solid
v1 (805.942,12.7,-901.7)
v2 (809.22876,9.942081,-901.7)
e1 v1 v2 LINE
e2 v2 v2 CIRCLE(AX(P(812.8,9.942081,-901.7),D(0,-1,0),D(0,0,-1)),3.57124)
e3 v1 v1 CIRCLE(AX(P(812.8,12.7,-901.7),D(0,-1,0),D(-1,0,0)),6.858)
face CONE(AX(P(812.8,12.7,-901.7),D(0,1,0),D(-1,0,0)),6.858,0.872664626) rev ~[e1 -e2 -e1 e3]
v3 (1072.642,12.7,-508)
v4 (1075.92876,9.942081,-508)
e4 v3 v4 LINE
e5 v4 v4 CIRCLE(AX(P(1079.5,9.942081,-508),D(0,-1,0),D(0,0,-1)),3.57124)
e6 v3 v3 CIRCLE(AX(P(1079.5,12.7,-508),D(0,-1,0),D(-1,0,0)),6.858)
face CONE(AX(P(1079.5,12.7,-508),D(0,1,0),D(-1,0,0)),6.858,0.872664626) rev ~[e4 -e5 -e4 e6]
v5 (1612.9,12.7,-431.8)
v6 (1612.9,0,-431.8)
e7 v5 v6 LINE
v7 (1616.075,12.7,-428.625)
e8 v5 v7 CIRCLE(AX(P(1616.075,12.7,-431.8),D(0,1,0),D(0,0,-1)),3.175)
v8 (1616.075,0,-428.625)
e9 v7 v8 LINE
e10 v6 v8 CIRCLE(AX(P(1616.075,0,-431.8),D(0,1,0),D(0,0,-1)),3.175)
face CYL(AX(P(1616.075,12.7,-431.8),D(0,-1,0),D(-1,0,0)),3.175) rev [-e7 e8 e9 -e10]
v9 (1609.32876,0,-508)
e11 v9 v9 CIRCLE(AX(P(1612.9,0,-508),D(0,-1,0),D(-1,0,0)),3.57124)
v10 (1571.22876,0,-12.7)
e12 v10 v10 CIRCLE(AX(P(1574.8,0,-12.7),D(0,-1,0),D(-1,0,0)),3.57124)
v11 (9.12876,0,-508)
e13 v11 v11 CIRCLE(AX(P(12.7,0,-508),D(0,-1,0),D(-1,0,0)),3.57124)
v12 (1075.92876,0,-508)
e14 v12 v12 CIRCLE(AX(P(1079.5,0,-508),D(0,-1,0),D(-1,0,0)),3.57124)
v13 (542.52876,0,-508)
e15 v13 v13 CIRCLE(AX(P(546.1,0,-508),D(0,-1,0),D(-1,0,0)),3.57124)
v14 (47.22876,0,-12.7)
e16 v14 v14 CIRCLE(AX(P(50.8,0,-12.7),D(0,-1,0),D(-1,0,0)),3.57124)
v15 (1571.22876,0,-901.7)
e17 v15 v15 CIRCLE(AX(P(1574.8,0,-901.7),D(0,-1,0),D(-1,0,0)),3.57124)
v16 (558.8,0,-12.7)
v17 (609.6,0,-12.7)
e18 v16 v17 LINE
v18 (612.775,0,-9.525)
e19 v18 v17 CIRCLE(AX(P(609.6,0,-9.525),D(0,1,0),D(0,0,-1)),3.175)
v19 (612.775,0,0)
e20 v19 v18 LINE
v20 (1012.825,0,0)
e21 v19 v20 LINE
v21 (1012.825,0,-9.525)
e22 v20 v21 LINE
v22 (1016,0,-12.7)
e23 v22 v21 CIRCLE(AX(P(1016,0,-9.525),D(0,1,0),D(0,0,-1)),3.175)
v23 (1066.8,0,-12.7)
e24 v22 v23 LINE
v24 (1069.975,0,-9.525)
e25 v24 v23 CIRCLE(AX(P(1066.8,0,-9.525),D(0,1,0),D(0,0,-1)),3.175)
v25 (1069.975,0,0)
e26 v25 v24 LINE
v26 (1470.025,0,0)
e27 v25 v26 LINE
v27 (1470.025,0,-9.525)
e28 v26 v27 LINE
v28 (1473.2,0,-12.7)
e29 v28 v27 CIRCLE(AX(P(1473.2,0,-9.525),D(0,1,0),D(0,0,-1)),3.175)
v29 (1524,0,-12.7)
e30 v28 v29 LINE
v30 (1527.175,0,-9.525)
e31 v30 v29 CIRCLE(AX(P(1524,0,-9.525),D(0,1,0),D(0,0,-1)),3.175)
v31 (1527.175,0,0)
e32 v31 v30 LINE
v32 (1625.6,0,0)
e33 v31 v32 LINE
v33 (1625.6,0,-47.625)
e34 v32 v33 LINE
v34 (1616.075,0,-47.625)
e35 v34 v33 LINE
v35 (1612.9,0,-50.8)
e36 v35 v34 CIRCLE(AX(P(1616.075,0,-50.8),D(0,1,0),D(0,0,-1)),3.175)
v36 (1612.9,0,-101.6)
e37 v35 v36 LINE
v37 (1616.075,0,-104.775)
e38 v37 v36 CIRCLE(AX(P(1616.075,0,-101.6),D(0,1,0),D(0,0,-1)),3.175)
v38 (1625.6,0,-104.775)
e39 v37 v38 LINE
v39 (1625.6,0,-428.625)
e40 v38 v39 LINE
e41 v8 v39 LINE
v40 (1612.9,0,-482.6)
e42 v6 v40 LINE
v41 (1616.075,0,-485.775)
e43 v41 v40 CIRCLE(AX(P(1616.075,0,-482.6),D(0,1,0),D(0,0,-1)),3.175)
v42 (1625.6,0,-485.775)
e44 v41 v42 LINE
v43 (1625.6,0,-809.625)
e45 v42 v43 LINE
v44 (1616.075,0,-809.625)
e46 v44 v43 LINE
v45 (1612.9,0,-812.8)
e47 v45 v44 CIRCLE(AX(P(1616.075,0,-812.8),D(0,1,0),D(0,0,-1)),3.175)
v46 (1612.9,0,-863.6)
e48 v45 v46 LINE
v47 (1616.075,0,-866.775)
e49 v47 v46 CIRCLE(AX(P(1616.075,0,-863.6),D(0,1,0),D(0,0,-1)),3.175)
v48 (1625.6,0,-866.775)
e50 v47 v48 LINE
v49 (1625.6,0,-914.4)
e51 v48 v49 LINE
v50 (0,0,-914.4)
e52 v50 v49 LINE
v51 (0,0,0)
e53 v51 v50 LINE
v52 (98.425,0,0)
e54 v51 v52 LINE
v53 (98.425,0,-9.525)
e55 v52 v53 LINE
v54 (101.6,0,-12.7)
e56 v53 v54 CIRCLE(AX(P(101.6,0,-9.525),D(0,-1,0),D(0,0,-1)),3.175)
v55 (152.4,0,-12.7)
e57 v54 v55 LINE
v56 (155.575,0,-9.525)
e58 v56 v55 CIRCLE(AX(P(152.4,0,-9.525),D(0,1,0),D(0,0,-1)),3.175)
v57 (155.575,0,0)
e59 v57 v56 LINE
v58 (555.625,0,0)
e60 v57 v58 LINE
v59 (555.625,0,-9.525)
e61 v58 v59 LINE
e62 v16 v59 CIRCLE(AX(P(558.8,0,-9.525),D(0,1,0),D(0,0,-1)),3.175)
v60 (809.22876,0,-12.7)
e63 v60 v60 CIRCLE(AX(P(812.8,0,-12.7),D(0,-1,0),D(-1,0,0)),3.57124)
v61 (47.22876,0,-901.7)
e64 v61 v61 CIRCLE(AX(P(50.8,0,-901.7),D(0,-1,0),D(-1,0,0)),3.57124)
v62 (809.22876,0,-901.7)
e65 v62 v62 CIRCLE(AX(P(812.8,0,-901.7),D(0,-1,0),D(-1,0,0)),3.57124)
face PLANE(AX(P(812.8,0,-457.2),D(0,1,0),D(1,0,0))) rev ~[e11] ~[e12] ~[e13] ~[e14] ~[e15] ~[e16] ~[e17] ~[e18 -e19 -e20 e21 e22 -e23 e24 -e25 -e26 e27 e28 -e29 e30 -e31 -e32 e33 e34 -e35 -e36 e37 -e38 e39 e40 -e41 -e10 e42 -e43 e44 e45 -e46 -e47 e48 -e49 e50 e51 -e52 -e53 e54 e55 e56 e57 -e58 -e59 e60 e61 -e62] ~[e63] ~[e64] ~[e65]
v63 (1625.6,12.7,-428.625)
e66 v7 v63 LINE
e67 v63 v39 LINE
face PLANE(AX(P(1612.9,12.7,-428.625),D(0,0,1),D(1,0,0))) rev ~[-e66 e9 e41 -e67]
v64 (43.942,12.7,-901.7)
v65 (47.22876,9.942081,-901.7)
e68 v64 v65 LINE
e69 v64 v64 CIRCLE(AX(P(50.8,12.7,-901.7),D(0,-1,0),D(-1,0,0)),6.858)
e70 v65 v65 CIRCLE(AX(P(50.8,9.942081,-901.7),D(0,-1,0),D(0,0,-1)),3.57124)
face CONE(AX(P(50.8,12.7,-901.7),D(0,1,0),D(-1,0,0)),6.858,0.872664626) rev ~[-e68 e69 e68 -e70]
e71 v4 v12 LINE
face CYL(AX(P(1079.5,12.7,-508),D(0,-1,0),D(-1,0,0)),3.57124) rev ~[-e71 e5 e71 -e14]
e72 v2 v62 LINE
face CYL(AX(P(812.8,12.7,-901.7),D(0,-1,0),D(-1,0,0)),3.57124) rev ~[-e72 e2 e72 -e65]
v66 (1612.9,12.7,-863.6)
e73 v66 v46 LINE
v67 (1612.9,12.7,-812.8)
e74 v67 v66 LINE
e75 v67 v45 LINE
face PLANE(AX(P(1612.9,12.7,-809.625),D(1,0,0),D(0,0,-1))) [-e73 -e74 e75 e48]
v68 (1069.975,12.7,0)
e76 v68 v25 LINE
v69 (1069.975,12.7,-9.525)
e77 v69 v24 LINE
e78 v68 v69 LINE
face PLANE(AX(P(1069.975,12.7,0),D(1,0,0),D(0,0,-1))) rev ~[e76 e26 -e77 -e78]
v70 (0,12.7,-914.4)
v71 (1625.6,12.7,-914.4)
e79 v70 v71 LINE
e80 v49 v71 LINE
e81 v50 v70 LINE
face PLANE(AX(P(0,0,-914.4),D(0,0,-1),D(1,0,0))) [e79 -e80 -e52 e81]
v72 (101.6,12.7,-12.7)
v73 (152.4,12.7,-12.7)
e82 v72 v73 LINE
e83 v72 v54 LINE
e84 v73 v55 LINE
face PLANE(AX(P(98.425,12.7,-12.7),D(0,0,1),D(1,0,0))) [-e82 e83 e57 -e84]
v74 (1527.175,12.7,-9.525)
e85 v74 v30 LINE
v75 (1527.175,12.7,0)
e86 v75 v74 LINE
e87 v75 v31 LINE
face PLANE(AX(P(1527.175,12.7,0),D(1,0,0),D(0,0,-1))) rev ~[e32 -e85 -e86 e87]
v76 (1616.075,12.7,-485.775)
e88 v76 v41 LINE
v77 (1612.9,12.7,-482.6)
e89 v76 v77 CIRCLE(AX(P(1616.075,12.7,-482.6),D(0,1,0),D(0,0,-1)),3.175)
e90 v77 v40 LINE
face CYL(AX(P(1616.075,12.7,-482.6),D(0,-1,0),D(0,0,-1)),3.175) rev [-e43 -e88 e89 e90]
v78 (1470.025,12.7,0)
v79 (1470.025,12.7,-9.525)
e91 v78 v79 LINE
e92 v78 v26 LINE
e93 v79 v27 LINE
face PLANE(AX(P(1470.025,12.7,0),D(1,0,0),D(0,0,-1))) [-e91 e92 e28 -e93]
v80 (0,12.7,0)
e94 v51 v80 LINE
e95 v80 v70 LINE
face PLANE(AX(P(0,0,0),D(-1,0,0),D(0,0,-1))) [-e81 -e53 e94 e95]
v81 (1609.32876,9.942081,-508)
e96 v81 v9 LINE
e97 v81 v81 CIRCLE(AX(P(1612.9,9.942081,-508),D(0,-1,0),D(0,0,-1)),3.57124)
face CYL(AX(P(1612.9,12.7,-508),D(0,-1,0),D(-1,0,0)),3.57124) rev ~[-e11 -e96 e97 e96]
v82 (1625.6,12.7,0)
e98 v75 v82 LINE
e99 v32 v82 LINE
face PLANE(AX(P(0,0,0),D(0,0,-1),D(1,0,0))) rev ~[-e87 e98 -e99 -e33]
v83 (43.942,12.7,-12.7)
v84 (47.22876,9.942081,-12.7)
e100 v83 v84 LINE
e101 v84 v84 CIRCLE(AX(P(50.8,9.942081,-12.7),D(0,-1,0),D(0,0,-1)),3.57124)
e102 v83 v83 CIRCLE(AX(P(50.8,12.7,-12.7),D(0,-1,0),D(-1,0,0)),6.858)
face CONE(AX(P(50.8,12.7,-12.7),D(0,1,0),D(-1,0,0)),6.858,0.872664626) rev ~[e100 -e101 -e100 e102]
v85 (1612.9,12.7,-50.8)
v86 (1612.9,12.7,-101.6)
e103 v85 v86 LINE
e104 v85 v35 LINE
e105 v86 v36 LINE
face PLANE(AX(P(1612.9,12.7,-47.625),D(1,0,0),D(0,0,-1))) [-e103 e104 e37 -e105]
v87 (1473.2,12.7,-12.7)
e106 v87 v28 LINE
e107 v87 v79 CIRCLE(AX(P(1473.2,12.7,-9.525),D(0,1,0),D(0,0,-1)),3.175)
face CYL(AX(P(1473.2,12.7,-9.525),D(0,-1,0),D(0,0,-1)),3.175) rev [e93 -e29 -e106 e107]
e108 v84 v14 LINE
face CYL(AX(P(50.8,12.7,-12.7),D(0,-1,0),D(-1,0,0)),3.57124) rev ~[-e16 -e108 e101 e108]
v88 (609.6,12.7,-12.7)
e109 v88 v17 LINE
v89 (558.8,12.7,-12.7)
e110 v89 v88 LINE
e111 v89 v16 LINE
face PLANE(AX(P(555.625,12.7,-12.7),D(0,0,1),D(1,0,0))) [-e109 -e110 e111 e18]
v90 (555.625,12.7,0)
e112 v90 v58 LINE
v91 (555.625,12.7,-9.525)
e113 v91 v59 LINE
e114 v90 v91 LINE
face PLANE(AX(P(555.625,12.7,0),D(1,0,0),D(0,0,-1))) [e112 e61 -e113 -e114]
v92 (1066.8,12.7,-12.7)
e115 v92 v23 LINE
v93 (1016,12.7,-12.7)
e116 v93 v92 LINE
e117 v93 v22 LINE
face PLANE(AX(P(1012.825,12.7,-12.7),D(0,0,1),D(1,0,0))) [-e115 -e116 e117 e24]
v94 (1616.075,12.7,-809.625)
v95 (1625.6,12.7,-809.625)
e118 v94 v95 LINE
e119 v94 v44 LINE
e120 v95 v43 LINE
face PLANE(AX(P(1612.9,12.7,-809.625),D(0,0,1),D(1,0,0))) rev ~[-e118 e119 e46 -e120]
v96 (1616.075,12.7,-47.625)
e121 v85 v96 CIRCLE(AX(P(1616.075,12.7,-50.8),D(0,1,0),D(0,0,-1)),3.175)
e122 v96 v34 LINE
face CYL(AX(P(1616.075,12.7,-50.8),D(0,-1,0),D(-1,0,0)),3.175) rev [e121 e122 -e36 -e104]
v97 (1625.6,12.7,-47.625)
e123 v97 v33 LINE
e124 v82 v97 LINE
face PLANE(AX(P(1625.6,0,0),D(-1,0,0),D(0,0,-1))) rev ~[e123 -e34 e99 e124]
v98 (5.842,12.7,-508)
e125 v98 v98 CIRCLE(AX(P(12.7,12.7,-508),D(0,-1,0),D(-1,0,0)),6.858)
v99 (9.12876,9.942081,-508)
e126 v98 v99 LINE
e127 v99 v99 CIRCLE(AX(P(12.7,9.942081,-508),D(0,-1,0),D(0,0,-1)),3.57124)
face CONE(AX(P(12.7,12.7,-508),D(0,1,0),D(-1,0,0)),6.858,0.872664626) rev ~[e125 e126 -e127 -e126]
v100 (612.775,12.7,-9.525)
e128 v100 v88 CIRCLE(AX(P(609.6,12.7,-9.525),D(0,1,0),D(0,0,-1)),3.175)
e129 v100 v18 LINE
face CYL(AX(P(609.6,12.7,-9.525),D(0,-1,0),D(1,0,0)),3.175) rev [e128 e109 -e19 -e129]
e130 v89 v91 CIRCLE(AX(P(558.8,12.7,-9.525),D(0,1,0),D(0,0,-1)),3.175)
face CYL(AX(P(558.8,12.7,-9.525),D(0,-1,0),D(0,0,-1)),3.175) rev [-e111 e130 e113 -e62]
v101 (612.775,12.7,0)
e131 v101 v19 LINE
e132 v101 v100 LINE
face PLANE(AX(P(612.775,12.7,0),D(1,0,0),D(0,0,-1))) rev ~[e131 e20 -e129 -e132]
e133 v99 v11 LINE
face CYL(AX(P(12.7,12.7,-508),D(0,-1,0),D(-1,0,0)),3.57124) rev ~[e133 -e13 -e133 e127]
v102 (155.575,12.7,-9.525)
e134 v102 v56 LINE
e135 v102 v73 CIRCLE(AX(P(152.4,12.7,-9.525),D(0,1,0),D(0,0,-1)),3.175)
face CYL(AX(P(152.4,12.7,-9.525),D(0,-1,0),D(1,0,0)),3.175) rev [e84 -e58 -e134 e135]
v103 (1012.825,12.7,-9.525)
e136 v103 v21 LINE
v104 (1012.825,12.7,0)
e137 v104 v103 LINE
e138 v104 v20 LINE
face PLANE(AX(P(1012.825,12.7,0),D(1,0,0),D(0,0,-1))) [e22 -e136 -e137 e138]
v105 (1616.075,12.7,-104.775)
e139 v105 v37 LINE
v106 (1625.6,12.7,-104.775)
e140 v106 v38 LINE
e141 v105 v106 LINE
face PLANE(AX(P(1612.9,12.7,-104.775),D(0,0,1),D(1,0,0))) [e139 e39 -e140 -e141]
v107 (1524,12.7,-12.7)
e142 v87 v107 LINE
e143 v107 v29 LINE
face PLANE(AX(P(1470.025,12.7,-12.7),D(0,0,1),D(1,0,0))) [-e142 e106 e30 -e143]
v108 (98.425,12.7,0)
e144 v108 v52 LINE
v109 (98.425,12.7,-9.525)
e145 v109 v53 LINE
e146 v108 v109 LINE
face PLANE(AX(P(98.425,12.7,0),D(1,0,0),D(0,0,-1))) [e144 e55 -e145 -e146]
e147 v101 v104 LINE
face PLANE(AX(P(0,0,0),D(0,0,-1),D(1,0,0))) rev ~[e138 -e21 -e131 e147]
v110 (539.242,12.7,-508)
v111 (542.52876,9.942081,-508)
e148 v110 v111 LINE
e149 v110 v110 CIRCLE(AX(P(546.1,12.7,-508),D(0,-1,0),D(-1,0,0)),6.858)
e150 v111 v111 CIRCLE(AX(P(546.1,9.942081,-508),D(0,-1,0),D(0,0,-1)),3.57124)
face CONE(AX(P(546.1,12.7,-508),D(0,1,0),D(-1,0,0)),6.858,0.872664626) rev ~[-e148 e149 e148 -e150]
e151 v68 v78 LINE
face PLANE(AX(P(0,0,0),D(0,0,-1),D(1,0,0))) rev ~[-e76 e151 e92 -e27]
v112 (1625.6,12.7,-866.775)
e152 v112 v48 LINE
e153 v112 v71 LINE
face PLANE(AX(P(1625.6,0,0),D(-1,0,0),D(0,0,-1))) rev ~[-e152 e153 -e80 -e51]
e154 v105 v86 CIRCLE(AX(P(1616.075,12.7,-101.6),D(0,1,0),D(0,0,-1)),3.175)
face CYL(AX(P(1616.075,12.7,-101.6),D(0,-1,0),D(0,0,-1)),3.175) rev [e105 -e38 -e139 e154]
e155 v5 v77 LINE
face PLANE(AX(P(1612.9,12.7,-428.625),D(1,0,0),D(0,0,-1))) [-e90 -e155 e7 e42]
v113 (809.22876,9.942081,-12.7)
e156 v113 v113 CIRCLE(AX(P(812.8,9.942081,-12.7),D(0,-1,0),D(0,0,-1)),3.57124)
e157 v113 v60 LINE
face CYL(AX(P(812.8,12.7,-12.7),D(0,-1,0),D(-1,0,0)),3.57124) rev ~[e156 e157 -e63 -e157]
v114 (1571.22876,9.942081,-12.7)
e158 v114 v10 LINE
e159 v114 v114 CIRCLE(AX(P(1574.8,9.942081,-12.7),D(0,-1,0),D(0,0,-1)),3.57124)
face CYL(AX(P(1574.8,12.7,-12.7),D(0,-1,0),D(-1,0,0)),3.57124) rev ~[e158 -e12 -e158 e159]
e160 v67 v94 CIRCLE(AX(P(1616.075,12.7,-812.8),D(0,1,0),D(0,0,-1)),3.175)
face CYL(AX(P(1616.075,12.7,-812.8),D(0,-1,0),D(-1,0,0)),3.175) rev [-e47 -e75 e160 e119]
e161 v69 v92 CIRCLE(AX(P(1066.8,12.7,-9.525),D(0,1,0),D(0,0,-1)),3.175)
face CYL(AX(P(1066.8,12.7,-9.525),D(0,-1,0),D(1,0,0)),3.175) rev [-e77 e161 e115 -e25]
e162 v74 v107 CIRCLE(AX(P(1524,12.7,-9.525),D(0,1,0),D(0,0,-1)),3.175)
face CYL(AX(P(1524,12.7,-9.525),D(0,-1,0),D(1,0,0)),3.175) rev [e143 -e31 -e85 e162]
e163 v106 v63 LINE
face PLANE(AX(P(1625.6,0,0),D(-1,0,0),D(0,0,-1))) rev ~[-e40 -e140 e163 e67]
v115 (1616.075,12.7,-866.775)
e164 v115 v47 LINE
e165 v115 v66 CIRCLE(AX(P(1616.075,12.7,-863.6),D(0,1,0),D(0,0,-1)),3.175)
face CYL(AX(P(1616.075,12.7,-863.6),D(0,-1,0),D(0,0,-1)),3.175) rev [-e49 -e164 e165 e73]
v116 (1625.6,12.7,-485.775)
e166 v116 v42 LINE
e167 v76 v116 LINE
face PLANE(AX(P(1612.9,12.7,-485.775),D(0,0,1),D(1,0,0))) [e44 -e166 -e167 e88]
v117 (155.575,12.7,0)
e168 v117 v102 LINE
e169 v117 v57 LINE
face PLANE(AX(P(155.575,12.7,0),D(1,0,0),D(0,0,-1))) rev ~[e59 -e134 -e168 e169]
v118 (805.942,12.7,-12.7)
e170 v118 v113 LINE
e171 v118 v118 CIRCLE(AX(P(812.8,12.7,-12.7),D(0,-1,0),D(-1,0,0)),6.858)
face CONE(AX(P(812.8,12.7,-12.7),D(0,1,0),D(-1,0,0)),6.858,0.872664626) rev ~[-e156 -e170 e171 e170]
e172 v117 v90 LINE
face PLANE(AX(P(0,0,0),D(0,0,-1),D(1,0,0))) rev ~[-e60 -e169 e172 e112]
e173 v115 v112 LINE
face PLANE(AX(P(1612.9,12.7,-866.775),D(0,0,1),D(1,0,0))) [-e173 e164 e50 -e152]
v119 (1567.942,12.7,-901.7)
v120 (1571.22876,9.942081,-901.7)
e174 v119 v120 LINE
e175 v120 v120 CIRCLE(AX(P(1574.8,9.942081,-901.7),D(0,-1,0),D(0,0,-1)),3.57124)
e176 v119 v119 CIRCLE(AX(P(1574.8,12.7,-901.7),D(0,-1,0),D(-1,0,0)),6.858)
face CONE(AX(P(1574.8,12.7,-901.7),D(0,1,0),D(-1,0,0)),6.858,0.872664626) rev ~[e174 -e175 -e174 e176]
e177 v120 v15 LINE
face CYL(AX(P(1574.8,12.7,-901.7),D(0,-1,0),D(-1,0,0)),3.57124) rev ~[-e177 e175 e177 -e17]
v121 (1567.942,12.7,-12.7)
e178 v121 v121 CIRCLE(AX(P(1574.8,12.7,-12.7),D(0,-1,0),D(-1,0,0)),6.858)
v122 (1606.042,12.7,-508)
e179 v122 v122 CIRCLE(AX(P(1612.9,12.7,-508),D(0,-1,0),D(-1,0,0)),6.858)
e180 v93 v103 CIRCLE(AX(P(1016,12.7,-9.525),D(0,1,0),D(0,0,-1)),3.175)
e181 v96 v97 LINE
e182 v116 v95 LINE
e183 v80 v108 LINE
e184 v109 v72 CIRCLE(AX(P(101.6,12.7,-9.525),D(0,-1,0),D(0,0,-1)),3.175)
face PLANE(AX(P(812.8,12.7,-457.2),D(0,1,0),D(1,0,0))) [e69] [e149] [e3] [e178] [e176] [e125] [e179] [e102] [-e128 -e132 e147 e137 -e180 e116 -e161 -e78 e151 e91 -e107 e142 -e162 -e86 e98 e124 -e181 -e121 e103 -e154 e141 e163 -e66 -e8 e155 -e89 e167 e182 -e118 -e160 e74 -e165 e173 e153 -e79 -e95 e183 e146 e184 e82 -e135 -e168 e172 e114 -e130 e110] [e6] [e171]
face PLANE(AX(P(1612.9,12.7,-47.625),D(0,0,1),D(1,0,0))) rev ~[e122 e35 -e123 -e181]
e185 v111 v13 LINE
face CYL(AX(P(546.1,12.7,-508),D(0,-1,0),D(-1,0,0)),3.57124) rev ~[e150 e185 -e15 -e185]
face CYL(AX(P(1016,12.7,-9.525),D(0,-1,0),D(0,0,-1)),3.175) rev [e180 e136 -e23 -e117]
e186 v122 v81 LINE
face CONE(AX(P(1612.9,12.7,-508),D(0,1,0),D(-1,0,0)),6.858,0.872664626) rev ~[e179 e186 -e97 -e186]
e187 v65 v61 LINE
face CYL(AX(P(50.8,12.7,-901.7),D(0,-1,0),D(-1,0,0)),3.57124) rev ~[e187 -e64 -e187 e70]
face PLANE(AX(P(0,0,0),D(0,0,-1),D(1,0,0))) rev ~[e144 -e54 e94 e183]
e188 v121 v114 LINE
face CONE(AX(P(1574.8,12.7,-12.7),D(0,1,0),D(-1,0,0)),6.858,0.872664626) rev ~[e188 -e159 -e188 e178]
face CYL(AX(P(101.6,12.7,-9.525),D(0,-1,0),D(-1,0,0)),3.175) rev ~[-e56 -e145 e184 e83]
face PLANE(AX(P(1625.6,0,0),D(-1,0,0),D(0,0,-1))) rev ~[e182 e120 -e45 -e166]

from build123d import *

# Parameters (mm, degrees)
SKETCH1_W                                           = 1625.6
SKETCH1_H                                           = 914.4
BOSS_EXTRUDE1_DEPTH                                 = 12.7
CSK_FOR_1_4_FLAT_HEAD_MACHINE_SCREW_100_D           = 7.14248
CSK_FOR_1_4_FLAT_HEAD_MACHINE_SCREW_100_CSINK_D     = 13.716
CSK_FOR_1_4_FLAT_HEAD_MACHINE_SCREW_100_CSINK_ANGLE = 100
SKETCH5_W                                           = 57.15
SKETCH5_H                                           = 12.7
CUT_EXTRUDE1_DEPTH                                  = 13.7
LPATTERN1_COUNT                                     = 4
LPATTERN1_PITCH                                     = 457.2
SKETCH6_W                                           = 12.7
SKETCH6_H                                           = 57.15
CUT_EXTRUDE2_DEPTH                                  = 13.7
LPATTERN2_COUNT                                     = 3
LPATTERN2_PITCH                                     = 381
FILLET1_R                                           = 3.175


with BuildPart() as part:
    # Sketch1 → Boss-Extrude1 (new body)
    with BuildSketch(Plane(origin=(0, 0, 0), x_dir=(1, 0, 0), z_dir=(0, 1, 0))):
        with Locations((812.8, 457.2)):
            Rectangle(SKETCH1_W, SKETCH1_H)
    extrude(amount=BOSS_EXTRUDE1_DEPTH)

    # CSK for 1/4 Flat Head Machine Screw (100)1 (through all)
    with Locations(Plane(origin=(0, 12.7, 0), x_dir=(1, 0, 0), z_dir=(0, 1, 0))):
        with Locations((12.7, 508), (50.8, 901.7), (546.1, 508), (812.8, 901.7), (1079.5, 508), (1574.8, 901.7), (1612.9, 508), (1574.8, 12.7), (812.8, 12.7), (50.8, 12.7)):
            CounterSinkHole(CSK_FOR_1_4_FLAT_HEAD_MACHINE_SCREW_100_D / 2, CSK_FOR_1_4_FLAT_HEAD_MACHINE_SCREW_100_CSINK_D / 2, counter_sink_angle=CSK_FOR_1_4_FLAT_HEAD_MACHINE_SCREW_100_CSINK_ANGLE)

    # Sketch5 → Cut-Extrude1 (cut, through all)
    with BuildSketch(Plane(origin=(0, 12.7, 0), x_dir=(1, 0, 0), z_dir=(0, 1, 0))):
        with Locations((127, 6.35)):
            Rectangle(SKETCH5_W, SKETCH5_H)
    cut_extrude1 = extrude(amount=-CUT_EXTRUDE1_DEPTH, mode=Mode.SUBTRACT)

    # LPattern1: Cut-Extrude1 ×4
    with Locations(*[(i * LPATTERN1_PITCH, 0, 0) for i in range(1, LPATTERN1_COUNT)]):
        add(cut_extrude1, mode=Mode.SUBTRACT)

    # Sketch6 → Cut-Extrude2 (cut, through all)
    with BuildSketch(Plane(origin=(0, 12.7, 0), x_dir=(1, 0, 0), z_dir=(0, 1, 0))):
        with Locations((1619.25, 76.2)):
            Rectangle(SKETCH6_W, SKETCH6_H)
    cut_extrude2 = extrude(amount=-CUT_EXTRUDE2_DEPTH, mode=Mode.SUBTRACT)

    # LPattern2: Cut-Extrude2 ×3
    with Locations(*[(0, 0, -i * LPATTERN2_PITCH) for i in range(1, LPATTERN2_COUNT)]):
        add(cut_extrude2, mode=Mode.SUBTRACT)

    # Fillet1
    fillet1_edges = [part.edges().sort_by_distance(p)[0] for p in [
        (98.425, 6.35, -12.7),
        (155.575, 6.35, -12.7),
        (555.625, 6.35, -12.7),
        (612.775, 6.35, -12.7),
        (1012.825, 6.35, -12.7),
        (1069.975, 6.35, -12.7),
        (1470.025, 6.35, -12.7),
        (1527.175, 6.35, -12.7),
        (1612.9, 6.35, -47.625),
        (1612.9, 6.35, -104.775),
        (1612.9, 6.35, -428.625),
        (1612.9, 6.35, -485.775),
        (1612.9, 6.35, -809.625),
        (1612.9, 6.35, -866.775),
    ]]
    fillet(fillet1_edges, radius=FILLET1_R)


solid = part.part
